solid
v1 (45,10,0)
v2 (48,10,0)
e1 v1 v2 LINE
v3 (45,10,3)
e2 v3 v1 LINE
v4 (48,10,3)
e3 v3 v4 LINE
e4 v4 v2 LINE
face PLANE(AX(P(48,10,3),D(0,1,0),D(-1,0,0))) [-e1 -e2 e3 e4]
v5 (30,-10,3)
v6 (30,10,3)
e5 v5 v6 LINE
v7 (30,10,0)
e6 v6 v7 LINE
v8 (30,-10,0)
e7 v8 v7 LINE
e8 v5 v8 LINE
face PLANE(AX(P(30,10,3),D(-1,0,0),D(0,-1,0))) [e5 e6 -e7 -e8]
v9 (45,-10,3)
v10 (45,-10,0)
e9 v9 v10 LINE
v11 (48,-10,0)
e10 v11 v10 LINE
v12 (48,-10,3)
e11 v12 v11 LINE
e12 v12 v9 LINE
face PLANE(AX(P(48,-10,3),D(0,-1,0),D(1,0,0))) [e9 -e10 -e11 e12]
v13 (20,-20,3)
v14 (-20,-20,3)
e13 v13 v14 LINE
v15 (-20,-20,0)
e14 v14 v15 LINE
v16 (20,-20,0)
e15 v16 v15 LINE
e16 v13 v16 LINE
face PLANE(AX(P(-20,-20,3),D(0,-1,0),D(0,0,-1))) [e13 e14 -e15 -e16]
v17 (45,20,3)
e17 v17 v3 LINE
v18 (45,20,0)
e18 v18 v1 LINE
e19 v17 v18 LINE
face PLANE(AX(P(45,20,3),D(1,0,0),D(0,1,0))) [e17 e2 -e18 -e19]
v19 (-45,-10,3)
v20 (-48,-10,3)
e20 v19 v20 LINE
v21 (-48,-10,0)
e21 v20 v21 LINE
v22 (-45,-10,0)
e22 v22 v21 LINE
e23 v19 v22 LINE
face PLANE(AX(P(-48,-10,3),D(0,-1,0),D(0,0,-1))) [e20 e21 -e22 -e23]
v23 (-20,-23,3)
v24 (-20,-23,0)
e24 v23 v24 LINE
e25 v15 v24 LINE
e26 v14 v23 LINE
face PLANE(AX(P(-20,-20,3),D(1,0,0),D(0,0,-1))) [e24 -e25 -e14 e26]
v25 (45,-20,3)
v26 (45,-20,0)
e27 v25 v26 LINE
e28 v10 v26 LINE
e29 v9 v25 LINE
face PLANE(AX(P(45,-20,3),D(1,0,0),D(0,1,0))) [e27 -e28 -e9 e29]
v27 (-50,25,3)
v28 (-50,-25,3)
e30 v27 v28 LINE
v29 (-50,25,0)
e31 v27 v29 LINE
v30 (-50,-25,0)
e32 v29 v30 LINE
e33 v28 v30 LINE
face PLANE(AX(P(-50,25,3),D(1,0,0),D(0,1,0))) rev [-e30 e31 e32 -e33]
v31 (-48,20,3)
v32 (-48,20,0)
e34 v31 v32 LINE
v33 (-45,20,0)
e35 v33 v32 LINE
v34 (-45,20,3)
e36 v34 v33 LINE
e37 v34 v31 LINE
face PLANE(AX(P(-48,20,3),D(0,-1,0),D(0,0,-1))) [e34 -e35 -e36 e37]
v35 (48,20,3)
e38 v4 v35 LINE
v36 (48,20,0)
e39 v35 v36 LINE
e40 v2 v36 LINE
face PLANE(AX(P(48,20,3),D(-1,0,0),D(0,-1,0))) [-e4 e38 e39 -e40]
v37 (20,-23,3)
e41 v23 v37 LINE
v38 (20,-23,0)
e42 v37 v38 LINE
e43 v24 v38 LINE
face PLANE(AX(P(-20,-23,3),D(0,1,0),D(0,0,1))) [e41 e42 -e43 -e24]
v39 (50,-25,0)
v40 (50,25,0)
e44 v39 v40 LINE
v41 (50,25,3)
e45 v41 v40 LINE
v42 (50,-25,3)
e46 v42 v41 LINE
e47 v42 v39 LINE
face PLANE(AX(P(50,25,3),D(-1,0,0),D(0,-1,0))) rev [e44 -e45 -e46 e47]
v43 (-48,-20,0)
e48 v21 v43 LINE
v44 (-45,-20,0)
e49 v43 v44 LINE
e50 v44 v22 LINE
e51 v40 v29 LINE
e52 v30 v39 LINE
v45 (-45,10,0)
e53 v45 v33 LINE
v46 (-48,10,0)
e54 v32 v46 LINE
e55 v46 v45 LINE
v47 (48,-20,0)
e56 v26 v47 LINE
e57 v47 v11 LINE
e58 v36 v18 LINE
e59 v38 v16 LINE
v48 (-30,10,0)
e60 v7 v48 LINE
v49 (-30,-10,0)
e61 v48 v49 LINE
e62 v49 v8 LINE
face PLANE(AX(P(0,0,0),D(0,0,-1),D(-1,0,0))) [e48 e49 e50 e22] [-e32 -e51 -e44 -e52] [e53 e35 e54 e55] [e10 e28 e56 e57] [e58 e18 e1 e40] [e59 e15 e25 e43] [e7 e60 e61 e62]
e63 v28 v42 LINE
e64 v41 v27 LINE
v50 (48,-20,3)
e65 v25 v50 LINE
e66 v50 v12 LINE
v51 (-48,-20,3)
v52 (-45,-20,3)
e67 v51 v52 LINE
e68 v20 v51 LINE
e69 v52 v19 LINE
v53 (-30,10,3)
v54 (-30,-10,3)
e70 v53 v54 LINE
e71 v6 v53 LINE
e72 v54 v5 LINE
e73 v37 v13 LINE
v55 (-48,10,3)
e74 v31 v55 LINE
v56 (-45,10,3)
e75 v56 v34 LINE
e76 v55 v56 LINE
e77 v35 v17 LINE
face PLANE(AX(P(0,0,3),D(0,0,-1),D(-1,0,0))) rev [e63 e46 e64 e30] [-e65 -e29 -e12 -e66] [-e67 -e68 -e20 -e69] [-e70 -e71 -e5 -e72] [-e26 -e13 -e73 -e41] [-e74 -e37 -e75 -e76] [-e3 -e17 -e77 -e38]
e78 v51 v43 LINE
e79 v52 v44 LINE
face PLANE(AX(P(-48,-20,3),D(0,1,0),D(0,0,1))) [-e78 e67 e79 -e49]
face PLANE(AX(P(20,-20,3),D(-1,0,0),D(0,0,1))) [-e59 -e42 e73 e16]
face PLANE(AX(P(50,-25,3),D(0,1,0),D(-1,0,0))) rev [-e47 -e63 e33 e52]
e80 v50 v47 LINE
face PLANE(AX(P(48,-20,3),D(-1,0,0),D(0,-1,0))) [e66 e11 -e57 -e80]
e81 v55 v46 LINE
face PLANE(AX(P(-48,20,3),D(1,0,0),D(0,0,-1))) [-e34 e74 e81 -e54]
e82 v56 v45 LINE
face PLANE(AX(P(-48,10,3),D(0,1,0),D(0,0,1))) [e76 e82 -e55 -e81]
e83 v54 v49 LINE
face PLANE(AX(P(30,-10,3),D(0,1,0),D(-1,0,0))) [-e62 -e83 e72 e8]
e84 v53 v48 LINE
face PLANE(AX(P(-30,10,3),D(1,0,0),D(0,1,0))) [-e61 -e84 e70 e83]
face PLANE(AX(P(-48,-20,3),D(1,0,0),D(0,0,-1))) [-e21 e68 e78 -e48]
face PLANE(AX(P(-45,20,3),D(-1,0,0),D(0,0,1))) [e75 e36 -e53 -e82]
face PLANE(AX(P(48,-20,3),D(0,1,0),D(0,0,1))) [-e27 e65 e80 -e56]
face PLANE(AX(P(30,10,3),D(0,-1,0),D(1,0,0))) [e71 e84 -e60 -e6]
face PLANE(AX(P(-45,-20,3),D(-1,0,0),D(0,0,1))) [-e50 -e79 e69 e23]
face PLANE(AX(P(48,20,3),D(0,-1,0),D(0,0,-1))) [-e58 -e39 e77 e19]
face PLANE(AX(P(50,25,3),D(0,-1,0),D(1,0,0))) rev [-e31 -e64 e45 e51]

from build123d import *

# Parameters (mm, degrees)
SKETCH3_W           = 100
SKETCH3_H           = 50
SKETCH3_W_2         = 40
SKETCH3_H_2         = 3
SKETCH3_W_3         = 3
SKETCH3_H_3         = 10
SKETCH3_W_4         = 60
SKETCH3_H_4         = 20
BOSS_EXTRUDE2_DEPTH = 3


with BuildPart() as part:
    # Sketch3 → Boss-Extrude2 (new body)
    with BuildSketch(Plane.XY):
        Rectangle(SKETCH3_W, SKETCH3_H)
        with Locations((0, -21.5)):
            Rectangle(SKETCH3_W_2, SKETCH3_H_2, mode=Mode.SUBTRACT)
        with Locations((-46.5, 15)):
            Rectangle(SKETCH3_W_3, SKETCH3_H_3, mode=Mode.SUBTRACT)
        Rectangle(SKETCH3_W_4, SKETCH3_H_4, mode=Mode.SUBTRACT)
        with Locations((46.5, 15)):
            Rectangle(SKETCH3_W_3, SKETCH3_H_3, mode=Mode.SUBTRACT)
        with Locations((46.5, -15)):
            Rectangle(SKETCH3_W_3, SKETCH3_H_3, mode=Mode.SUBTRACT)
        with Locations((-46.5, -15)):
            Rectangle(SKETCH3_W_3, SKETCH3_H_3, mode=Mode.SUBTRACT)
    extrude(amount=BOSS_EXTRUDE2_DEPTH)


solid = part.part
